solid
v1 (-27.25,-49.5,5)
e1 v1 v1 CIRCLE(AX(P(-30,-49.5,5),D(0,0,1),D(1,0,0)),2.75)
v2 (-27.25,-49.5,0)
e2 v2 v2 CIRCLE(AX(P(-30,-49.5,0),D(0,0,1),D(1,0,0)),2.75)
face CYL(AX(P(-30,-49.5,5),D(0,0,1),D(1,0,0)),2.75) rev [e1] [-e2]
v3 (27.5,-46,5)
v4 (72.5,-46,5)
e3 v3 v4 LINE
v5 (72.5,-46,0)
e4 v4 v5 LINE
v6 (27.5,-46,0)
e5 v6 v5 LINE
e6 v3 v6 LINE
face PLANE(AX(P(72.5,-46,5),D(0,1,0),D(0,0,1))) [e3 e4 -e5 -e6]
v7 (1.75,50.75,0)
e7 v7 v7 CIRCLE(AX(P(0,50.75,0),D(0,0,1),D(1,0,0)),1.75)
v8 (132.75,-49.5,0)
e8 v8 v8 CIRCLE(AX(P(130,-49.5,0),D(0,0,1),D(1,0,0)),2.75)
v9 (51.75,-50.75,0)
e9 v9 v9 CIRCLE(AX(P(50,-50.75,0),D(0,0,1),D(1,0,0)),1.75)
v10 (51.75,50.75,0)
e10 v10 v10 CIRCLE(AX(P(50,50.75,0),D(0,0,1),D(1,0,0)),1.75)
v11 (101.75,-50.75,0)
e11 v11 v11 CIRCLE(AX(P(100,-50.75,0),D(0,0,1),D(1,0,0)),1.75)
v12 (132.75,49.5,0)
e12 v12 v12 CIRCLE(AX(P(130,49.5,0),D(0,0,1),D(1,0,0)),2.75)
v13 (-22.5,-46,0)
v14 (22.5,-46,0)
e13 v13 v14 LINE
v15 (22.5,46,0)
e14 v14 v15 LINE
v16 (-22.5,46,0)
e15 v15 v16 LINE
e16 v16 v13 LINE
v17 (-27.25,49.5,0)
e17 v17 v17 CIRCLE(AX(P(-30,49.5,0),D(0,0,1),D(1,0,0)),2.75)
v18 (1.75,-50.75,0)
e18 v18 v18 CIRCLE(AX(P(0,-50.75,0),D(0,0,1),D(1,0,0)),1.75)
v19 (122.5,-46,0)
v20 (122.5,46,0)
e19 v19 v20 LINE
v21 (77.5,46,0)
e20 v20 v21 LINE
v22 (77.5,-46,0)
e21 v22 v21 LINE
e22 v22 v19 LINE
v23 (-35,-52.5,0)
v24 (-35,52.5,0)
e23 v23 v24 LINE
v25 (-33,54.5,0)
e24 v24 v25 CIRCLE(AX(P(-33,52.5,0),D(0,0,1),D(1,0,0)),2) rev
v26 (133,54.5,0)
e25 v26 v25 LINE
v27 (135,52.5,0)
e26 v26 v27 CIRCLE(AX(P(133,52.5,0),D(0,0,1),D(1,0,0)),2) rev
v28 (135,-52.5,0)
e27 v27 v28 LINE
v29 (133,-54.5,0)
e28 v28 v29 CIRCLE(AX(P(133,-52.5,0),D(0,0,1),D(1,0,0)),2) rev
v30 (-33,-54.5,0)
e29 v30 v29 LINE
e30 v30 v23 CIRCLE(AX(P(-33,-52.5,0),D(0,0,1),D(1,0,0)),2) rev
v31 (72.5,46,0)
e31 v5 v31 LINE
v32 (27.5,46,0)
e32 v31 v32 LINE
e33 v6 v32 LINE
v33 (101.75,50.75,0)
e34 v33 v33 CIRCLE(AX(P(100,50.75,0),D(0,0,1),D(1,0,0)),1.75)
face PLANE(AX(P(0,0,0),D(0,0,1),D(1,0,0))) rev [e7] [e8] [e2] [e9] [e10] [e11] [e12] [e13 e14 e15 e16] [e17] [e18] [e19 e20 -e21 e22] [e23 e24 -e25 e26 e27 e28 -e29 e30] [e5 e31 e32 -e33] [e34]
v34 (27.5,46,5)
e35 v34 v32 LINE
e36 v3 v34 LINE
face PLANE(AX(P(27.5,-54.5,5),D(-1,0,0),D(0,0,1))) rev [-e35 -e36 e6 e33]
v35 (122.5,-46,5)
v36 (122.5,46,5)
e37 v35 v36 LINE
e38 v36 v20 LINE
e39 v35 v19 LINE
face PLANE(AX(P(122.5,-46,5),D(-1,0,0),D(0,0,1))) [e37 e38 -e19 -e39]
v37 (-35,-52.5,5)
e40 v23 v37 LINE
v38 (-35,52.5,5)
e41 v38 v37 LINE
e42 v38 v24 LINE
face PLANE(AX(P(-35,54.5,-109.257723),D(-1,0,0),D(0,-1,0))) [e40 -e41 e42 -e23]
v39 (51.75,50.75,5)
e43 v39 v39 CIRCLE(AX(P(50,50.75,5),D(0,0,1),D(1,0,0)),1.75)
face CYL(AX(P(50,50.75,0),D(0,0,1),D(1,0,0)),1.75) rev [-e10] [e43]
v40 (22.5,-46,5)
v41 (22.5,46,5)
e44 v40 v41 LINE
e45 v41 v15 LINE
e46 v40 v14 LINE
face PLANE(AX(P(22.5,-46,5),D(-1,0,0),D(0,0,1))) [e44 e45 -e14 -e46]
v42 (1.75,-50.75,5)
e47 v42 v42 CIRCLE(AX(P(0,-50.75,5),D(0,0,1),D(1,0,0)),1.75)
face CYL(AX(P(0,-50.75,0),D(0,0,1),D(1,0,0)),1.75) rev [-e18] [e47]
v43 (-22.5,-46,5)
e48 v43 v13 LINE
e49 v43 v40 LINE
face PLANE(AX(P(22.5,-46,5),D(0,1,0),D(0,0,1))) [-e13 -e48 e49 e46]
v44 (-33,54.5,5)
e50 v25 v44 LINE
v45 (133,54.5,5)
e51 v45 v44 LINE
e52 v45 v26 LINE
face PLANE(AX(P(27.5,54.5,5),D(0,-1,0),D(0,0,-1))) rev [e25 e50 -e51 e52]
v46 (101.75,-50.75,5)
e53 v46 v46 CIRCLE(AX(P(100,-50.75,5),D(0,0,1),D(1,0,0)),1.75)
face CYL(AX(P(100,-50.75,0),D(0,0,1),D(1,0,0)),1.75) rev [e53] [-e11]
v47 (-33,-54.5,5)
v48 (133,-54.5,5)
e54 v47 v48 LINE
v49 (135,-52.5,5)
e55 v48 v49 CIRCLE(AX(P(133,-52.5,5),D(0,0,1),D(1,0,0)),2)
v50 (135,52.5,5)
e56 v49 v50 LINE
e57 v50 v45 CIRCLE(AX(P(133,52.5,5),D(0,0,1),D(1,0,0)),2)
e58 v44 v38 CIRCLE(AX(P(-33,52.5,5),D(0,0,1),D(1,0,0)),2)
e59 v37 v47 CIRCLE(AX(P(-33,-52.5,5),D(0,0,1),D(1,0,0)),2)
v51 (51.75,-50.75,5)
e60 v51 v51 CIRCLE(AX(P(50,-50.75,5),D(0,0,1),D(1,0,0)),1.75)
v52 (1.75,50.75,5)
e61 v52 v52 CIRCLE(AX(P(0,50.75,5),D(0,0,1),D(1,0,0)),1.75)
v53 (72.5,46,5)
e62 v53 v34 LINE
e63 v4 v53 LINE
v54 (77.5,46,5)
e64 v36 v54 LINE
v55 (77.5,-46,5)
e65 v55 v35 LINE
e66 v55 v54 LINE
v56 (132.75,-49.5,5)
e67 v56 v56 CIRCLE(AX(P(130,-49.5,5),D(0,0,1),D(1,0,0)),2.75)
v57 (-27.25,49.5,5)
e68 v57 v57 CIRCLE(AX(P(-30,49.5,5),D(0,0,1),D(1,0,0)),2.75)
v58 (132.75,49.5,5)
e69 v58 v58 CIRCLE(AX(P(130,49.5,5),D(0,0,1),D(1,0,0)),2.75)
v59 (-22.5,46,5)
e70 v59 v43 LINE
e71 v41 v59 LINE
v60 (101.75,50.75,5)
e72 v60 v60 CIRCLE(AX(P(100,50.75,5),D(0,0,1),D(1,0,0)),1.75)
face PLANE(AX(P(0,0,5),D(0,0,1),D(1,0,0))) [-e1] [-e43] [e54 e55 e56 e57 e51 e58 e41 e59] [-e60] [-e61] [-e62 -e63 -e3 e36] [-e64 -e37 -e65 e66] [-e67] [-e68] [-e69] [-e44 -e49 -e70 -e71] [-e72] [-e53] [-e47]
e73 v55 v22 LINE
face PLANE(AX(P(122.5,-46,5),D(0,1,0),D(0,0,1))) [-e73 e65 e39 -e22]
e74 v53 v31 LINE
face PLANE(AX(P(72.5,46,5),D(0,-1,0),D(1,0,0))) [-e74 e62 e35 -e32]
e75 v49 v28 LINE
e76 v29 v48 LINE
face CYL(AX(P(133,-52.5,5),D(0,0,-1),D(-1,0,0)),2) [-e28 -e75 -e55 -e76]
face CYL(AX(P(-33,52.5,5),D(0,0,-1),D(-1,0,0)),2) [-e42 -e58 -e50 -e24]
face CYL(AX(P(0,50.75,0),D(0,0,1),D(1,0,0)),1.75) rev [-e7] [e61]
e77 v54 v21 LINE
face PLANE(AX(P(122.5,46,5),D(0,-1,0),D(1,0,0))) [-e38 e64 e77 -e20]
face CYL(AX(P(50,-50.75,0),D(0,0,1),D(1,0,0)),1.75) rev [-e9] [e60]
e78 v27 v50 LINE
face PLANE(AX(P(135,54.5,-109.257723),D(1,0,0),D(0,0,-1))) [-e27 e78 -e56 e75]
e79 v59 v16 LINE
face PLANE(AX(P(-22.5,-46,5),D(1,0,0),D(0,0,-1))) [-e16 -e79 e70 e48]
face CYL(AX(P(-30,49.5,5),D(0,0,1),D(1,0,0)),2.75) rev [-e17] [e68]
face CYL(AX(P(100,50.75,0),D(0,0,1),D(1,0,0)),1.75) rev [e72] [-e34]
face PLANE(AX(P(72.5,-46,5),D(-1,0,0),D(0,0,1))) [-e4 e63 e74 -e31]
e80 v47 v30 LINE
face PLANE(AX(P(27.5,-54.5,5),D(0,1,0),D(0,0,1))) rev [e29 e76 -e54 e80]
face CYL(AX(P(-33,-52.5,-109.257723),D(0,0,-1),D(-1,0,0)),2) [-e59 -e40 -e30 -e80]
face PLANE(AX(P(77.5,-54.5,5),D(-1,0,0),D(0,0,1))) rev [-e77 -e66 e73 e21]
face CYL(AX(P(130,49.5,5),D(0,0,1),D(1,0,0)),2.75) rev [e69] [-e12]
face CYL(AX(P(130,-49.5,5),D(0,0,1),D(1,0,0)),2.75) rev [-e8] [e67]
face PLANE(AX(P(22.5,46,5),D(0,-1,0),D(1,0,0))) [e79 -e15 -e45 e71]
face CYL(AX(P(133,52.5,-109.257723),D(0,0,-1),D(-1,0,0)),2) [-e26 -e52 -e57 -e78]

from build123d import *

# Parameters (mm, degrees)
SKETCH1_W            = 55
SKETCH1_H            = 109
SKETCH1_W_2          = 45
SKETCH1_H_2          = 92
BOSS_EXTRUDE1_DEPTH  = 5
SKETCH2_R            = 1.75
CUT_EXTRUDE1_DEPTH   = 62.249489794
LPATTERN1_COUNT      = 3
LPATTERN1_PITCH      = 50
SKETCH3_W            = 7.5
SKETCH3_H            = 109
BOSS_EXTRUDE2_DEPTH  = 5
M5_CLEARANCE_HOLE1_D = 5.5
FILLET1_R            = 2


with BuildPart() as part:
    # Sketch1 → Boss-Extrude1 (new body)
    with BuildSketch(Plane.XY):
        Rectangle(SKETCH1_W, SKETCH1_H)
        Rectangle(SKETCH1_W_2, SKETCH1_H_2, mode=Mode.SUBTRACT)
    extrude(amount=BOSS_EXTRUDE1_DEPTH)

    # Sketch2 → Cut-Extrude1 (cut, through all)
    with BuildSketch(Plane.XY.offset(5)):
        with Locations((0, 50.75)):
            Circle(SKETCH2_R)
        with Locations((0, -50.75)):
            Circle(SKETCH2_R)
    extrude(amount=-CUT_EXTRUDE1_DEPTH, mode=Mode.SUBTRACT)

    # LPattern1: part ×3


with BuildPart() as part_1:
    add(part.part)
    with Locations(*[(i * LPATTERN1_PITCH, 0, 0) for i in range(1, LPATTERN1_COUNT)]):
        add(part.part)

    # Sketch3 → Boss-Extrude2 (add)
    with BuildSketch(Plane.XY.offset(5)):
        with Locations((-31.25, 0)):
            Rectangle(SKETCH3_W, SKETCH3_H)
        with Locations((131.25, 0)):
            Rectangle(SKETCH3_W, SKETCH3_H)
    extrude(amount=-BOSS_EXTRUDE2_DEPTH)

    # M5 Clearance Hole1 (through all)
    with Locations(Plane.XY.offset(5)):
        with Locations((-30, 49.5), (130, 49.5), (130, -49.5), (-30, -49.5)):
            Hole(M5_CLEARANCE_HOLE1_D / 2)

    # Fillet1
    fillet1_edges = [part_1.edges().sort_by_distance(p)[0] for p in [
        (-35, -54.5, 2.5),
        (-35, 54.5, 2.5),
        (135, 54.5, 2.5),
        (135, -54.5, 2.5),
    ]]
    fillet(fillet1_edges, radius=FILLET1_R)


solid = part_1.part
